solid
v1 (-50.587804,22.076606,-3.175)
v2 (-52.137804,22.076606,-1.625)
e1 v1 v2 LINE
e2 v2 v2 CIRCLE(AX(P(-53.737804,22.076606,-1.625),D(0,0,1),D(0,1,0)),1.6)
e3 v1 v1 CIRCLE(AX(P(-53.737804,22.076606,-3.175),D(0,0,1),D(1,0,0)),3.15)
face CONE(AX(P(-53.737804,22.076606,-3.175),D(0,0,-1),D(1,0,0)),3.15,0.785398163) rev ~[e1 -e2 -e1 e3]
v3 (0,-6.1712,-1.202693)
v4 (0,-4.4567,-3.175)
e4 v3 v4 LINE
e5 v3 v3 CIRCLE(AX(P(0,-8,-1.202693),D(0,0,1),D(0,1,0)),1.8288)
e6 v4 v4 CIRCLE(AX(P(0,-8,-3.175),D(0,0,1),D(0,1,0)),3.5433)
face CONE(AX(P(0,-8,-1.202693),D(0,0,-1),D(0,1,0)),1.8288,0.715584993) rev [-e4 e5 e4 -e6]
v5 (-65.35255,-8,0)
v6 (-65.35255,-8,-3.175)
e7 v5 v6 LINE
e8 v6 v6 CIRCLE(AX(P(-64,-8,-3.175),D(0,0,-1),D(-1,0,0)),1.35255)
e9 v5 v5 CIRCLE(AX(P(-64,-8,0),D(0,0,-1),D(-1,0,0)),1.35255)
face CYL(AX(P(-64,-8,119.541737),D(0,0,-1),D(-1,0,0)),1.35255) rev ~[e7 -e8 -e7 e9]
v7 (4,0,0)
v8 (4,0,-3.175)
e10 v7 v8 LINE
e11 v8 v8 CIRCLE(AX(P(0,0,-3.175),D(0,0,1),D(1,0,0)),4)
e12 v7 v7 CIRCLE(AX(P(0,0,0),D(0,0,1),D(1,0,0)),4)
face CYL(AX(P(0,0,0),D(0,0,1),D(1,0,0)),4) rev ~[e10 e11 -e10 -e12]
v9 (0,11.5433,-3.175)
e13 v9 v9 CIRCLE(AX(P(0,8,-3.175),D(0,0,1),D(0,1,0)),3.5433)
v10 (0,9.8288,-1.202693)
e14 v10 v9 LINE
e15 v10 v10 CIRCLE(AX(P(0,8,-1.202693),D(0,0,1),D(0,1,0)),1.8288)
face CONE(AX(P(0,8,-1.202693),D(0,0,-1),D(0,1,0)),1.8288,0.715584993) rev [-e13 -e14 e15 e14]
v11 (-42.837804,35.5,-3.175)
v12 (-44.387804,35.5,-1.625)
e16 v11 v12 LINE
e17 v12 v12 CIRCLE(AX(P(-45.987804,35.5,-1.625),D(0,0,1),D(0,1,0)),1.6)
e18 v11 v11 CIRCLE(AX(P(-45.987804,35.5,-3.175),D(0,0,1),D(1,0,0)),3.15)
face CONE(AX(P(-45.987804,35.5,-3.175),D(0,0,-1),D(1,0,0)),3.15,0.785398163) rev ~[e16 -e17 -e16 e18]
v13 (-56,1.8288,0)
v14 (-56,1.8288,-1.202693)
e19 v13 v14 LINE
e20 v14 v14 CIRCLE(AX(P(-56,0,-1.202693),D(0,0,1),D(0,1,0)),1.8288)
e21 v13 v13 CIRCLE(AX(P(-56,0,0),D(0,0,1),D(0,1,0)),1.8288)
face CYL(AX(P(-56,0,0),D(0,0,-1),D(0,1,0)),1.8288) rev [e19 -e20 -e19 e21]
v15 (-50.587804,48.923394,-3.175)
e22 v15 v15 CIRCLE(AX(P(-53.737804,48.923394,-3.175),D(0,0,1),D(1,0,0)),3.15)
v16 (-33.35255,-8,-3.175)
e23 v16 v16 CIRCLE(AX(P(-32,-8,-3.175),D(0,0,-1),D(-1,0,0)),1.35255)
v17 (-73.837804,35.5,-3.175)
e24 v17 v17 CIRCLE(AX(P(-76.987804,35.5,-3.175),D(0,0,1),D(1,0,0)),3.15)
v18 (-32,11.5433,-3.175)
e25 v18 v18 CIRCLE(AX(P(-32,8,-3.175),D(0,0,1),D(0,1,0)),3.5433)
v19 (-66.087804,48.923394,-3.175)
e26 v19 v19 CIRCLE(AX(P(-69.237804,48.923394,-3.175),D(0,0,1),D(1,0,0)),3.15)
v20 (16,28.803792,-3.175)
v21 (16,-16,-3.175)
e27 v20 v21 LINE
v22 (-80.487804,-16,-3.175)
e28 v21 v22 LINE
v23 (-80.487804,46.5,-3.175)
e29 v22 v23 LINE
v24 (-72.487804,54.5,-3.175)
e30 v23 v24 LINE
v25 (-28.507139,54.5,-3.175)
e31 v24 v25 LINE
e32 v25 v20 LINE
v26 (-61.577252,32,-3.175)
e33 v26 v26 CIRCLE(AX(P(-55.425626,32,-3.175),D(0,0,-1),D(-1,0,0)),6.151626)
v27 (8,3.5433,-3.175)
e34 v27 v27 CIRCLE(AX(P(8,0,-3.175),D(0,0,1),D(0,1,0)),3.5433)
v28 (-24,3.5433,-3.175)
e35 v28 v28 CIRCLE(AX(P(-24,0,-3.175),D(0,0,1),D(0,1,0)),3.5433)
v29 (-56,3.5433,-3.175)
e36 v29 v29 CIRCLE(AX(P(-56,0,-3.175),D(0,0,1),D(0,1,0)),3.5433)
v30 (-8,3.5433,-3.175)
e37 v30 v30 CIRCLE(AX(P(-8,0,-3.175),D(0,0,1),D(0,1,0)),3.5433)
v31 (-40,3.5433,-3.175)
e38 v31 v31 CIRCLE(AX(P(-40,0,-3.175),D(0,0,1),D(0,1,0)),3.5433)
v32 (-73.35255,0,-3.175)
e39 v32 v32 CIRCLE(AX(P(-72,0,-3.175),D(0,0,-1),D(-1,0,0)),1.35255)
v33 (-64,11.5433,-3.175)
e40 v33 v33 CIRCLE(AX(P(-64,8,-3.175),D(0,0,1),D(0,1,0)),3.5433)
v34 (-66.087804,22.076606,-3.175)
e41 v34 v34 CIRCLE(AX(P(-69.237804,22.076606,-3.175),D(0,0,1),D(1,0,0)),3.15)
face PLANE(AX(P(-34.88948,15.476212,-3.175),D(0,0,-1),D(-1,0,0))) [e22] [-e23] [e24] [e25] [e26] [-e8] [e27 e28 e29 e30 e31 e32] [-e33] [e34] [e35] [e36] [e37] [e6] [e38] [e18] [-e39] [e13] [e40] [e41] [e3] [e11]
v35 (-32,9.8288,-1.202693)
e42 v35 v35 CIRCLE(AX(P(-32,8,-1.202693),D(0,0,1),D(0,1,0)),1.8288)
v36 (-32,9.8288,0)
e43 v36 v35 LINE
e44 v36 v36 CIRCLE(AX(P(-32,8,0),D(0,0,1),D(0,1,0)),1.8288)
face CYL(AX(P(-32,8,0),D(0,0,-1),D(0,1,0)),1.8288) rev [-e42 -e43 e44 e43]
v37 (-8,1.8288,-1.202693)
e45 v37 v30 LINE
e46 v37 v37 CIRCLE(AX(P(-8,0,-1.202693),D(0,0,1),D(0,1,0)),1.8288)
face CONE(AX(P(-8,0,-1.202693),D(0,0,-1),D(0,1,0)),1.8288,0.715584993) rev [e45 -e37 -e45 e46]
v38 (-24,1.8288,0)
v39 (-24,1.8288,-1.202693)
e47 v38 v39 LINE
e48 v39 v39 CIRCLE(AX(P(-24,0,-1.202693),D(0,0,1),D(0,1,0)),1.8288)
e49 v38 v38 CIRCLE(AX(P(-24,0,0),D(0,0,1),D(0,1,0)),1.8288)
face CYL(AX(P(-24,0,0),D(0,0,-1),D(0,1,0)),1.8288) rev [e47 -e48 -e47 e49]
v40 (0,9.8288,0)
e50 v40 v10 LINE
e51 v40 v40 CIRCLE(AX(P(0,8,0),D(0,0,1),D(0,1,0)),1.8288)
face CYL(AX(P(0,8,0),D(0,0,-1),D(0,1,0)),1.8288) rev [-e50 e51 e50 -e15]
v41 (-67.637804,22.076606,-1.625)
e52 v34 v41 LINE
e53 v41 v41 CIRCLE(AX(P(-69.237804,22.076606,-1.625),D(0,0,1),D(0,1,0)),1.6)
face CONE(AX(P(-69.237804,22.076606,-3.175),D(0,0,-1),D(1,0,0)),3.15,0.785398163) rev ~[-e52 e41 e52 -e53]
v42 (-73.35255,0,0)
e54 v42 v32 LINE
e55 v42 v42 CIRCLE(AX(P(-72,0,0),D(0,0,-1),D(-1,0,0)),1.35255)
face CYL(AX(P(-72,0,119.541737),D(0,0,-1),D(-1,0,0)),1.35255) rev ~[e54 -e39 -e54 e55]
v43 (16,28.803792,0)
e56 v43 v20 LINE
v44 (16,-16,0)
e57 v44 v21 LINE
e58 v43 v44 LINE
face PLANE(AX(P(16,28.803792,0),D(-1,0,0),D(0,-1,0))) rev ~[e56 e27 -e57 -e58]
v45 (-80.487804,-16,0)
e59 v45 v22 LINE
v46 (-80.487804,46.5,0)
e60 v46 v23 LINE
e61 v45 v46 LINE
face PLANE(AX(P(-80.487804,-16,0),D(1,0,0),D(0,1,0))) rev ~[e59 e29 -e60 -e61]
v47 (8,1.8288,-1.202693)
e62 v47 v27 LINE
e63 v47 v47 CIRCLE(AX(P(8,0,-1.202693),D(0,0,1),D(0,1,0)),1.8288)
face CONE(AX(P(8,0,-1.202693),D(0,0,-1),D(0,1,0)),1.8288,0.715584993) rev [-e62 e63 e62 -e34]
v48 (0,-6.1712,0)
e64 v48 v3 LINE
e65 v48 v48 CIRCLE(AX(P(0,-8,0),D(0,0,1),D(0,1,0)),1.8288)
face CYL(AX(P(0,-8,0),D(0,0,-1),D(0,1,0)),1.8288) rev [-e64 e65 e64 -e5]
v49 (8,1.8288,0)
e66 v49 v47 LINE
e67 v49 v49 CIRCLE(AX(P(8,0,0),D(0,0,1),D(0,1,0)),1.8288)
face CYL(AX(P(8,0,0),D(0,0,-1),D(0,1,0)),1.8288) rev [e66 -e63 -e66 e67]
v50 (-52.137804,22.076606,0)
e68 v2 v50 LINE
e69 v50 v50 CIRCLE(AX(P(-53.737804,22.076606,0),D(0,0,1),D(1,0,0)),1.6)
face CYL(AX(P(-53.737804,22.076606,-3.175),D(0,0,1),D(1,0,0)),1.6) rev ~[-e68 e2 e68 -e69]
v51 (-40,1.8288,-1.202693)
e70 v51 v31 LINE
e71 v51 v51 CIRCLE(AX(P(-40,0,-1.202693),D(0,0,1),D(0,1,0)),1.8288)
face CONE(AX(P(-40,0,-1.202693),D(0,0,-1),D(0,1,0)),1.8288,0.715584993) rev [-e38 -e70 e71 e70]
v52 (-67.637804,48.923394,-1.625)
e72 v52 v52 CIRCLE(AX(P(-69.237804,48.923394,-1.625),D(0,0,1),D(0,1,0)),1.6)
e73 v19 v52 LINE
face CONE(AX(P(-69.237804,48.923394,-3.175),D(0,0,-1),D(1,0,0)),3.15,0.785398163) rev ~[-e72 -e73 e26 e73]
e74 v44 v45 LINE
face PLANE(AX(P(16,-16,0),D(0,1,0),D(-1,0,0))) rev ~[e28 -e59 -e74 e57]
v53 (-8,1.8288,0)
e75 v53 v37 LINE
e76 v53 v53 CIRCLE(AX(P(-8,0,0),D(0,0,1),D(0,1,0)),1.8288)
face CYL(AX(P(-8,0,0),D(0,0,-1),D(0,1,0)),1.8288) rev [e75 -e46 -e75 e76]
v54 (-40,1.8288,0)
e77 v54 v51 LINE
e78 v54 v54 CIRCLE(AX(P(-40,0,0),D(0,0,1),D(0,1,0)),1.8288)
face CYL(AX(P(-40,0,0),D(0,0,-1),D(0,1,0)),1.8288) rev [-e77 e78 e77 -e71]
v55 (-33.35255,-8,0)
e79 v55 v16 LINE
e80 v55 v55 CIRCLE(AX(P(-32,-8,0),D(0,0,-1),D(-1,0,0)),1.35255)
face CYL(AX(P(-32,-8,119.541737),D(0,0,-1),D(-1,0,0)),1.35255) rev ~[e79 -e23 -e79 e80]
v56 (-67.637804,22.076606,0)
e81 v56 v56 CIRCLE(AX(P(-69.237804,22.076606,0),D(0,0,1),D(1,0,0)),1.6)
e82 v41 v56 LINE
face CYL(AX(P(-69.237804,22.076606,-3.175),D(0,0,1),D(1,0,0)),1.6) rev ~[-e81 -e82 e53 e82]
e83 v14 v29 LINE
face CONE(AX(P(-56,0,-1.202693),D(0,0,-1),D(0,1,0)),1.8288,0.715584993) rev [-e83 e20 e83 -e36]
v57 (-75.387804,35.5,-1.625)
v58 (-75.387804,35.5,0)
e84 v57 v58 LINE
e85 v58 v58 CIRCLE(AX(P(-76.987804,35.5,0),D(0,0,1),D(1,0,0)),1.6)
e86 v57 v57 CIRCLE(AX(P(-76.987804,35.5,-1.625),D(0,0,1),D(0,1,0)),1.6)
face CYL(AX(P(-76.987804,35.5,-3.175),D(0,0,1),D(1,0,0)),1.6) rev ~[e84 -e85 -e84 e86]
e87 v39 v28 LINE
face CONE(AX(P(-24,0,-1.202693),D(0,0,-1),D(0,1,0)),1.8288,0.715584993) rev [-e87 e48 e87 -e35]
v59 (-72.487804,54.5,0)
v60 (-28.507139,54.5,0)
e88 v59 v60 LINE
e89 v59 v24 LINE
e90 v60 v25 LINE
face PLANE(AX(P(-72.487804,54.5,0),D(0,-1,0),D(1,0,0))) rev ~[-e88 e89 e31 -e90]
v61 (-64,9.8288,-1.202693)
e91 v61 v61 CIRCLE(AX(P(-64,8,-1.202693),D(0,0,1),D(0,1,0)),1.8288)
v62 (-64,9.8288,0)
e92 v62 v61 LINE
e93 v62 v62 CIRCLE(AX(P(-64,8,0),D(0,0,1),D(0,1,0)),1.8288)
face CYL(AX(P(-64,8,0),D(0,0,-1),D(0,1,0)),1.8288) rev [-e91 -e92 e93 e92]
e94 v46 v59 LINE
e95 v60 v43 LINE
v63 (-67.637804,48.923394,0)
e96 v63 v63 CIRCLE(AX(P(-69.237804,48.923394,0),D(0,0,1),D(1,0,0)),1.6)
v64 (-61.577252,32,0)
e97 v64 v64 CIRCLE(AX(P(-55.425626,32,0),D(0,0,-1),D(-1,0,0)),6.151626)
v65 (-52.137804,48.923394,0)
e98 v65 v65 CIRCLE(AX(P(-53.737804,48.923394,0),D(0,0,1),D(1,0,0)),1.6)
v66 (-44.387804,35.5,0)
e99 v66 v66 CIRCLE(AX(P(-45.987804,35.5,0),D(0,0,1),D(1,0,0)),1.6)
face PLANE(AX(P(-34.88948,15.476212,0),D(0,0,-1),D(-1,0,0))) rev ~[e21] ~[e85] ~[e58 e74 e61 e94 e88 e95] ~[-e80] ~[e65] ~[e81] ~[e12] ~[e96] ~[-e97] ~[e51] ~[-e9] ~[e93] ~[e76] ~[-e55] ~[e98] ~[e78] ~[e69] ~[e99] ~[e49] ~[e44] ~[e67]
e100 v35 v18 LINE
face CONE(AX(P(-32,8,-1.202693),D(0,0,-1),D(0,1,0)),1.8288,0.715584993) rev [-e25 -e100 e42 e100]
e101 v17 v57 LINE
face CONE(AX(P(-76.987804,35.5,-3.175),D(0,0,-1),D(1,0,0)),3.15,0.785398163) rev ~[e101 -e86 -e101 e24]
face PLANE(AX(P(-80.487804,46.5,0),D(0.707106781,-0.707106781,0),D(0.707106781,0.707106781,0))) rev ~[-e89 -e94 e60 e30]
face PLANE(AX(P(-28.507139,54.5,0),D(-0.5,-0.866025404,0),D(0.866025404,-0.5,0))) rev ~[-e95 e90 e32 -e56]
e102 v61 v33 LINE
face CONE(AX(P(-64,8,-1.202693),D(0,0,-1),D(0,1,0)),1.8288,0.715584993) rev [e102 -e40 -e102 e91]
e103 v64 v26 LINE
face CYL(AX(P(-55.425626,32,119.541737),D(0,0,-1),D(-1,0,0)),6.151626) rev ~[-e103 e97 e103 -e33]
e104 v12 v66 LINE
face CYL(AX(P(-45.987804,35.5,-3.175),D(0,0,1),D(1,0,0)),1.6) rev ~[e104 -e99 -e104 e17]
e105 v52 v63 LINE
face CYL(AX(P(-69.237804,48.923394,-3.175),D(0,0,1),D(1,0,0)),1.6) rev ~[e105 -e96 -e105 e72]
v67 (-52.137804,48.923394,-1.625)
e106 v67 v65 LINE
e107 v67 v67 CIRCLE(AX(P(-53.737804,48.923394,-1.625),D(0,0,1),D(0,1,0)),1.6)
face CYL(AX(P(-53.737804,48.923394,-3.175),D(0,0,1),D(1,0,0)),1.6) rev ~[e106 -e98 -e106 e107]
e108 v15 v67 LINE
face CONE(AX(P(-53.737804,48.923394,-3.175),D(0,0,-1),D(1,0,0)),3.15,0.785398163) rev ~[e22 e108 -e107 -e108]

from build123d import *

# Parameters (mm, degrees)
SKETCH1_R                                       = 4
BOSS_EXTRUDE1_DEPTH                             = 3.175
F_31_64_0_48438_DIAMETER_HOLE1_D                = 12.303252
F_6_32_TAPPED_HOLE1_D                           = 2.7051
CSK_FOR_M3_FLAT_HEAD_MACHINE_SCREW2_D           = 3.2
CSK_FOR_M3_FLAT_HEAD_MACHINE_SCREW2_CSINK_D     = 6.3
CSK_FOR_M3_FLAT_HEAD_MACHINE_SCREW2_CSINK_ANGLE = 90
CSK_FOR_6_FLAT_HEAD_MACHINE_SCREW3_AT_2_COUNT   = 2
CSK_FOR_6_FLAT_HEAD_MACHINE_SCREW3_AT_2_PITCH   = 11.313708499
CSK_FOR_6_FLAT_HEAD_MACHINE_SCREW3_AT_3_COUNT   = 2
CSK_FOR_6_FLAT_HEAD_MACHINE_SCREW3_AT_3_PITCH   = 11.313708499
CSK_FOR_6_FLAT_HEAD_MACHINE_SCREW3_AT_4_COUNT   = 2
CSK_FOR_6_FLAT_HEAD_MACHINE_SCREW3_AT_4_PITCH   = 16
CSK_FOR_6_FLAT_HEAD_MACHINE_SCREW3_AT_5_COUNT   = 2
CSK_FOR_6_FLAT_HEAD_MACHINE_SCREW3_AT_5_PITCH   = 25.298221281
CSK_FOR_6_FLAT_HEAD_MACHINE_SCREW3_AT_6_COUNT   = 2
CSK_FOR_6_FLAT_HEAD_MACHINE_SCREW3_AT_6_PITCH   = 32
CSK_FOR_6_FLAT_HEAD_MACHINE_SCREW3_AT_7_COUNT   = 2
CSK_FOR_6_FLAT_HEAD_MACHINE_SCREW3_AT_7_PITCH   = 40.792156109
CSK_FOR_6_FLAT_HEAD_MACHINE_SCREW3_AT_8_COUNT   = 2
CSK_FOR_6_FLAT_HEAD_MACHINE_SCREW3_AT_8_PITCH   = 56.568542495
CSK_FOR_6_FLAT_HEAD_MACHINE_SCREW3_AT_9_COUNT   = 2
CSK_FOR_6_FLAT_HEAD_MACHINE_SCREW3_AT_9_PITCH   = 64


with BuildPart() as part:
    # Sketch1 → Boss-Extrude1 (new body)
    with BuildSketch(Plane.XY):
        Polygon((16, -16), (-80.487803669, -16), (-80.487803669, 46.5), (-72.487803669, 54.5), (-28.507138544, 54.5), (16, 28.803791581), align=None)
        Circle(SKETCH1_R, mode=Mode.SUBTRACT)
    extrude(amount=-BOSS_EXTRUDE1_DEPTH)

    # 31_64 _0.48438_ Diameter Hole1 (through all)
    with Locations(Plane.XY):
        with Locations((-55.425625842, 32)):
            Hole(F_31_64_0_48438_DIAMETER_HOLE1_D / 2)

    # 6-32 Tapped Hole1 (through all)
    with Locations(Plane.XY):
        with Locations((-72, 0), (-32, -8), (-64, -8)):
            Hole(F_6_32_TAPPED_HOLE1_D / 2)

    # CSK for M3 Flat Head Machine Screw2 (through all)
    with Locations(Plane(origin=(0, 0, -3.175), x_dir=(-1, 0, 0), z_dir=(0, 0, -1))):
        with Locations((69.237803669, 48.923393759), (53.737803669, 48.923393759), (45.987803669, 35.5), (53.737803669, 22.076606241), (69.237803669, 22.076606241), (76.987803669, 35.5)):
            CounterSinkHole(CSK_FOR_M3_FLAT_HEAD_MACHINE_SCREW2_D / 2, CSK_FOR_M3_FLAT_HEAD_MACHINE_SCREW2_CSINK_D / 2, counter_sink_angle=CSK_FOR_M3_FLAT_HEAD_MACHINE_SCREW2_CSINK_ANGLE)

    # Sketch17 → CSK for _6 Flat Head Machine Screw3 (revolve, cut)
    with BuildSketch(Plane(origin=(0, 8, -3.175), x_dir=(0, 1, 0), z_dir=(1, 0, 0))):
        Polygon((0, 0), (0, 3.175), (1.8288, 3.175), (1.8288, 1.972306634), (3.5433, 0), align=None)
    csk_for_6_flat_head_machine_screw3 = revolve(axis=Axis((0, 8, -9.525), (0, 0, 1)), mode=Mode.SUBTRACT)

    # CSK for _6 Flat Head Machine Screw3 at 2: CSK for _6 Flat Head Machine Screw3 ×2
    with Locations(*[Vector(0.707106781, -0.707106781, 0) * (i * CSK_FOR_6_FLAT_HEAD_MACHINE_SCREW3_AT_2_PITCH) for i in range(1, CSK_FOR_6_FLAT_HEAD_MACHINE_SCREW3_AT_2_COUNT)]):
        add(csk_for_6_flat_head_machine_screw3, mode=Mode.SUBTRACT)

    # CSK for _6 Flat Head Machine Screw3 at 3: CSK for _6 Flat Head Machine Screw3 ×2
    with Locations(*[Vector(-0.707106781, -0.707106781, 0) * (i * CSK_FOR_6_FLAT_HEAD_MACHINE_SCREW3_AT_3_PITCH) for i in range(1, CSK_FOR_6_FLAT_HEAD_MACHINE_SCREW3_AT_3_COUNT)]):
        add(csk_for_6_flat_head_machine_screw3, mode=Mode.SUBTRACT)

    # CSK for _6 Flat Head Machine Screw3 at 4: CSK for _6 Flat Head Machine Screw3 ×2
    with Locations(*[(0, -i * CSK_FOR_6_FLAT_HEAD_MACHINE_SCREW3_AT_4_PITCH, 0) for i in range(1, CSK_FOR_6_FLAT_HEAD_MACHINE_SCREW3_AT_4_COUNT)]):
        add(csk_for_6_flat_head_machine_screw3, mode=Mode.SUBTRACT)

    # CSK for _6 Flat Head Machine Screw3 at 5: CSK for _6 Flat Head Machine Screw3 ×2
    with Locations(*[Vector(-0.948683298, -0.316227766, 0) * (i * CSK_FOR_6_FLAT_HEAD_MACHINE_SCREW3_AT_5_PITCH) for i in range(1, CSK_FOR_6_FLAT_HEAD_MACHINE_SCREW3_AT_5_COUNT)]):
        add(csk_for_6_flat_head_machine_screw3, mode=Mode.SUBTRACT)

    # CSK for _6 Flat Head Machine Screw3 at 6: CSK for _6 Flat Head Machine Screw3 ×2
    with Locations(*[(-i * CSK_FOR_6_FLAT_HEAD_MACHINE_SCREW3_AT_6_PITCH, 0, 0) for i in range(1, CSK_FOR_6_FLAT_HEAD_MACHINE_SCREW3_AT_6_COUNT)]):
        add(csk_for_6_flat_head_machine_screw3, mode=Mode.SUBTRACT)

    # CSK for _6 Flat Head Machine Screw3 at 7: CSK for _6 Flat Head Machine Screw3 ×2
    with Locations(*[Vector(-0.980580676, -0.196116135, 0) * (i * CSK_FOR_6_FLAT_HEAD_MACHINE_SCREW3_AT_7_PITCH) for i in range(1, CSK_FOR_6_FLAT_HEAD_MACHINE_SCREW3_AT_7_COUNT)]):
        add(csk_for_6_flat_head_machine_screw3, mode=Mode.SUBTRACT)

    # CSK for _6 Flat Head Machine Screw3 at 8: CSK for _6 Flat Head Machine Screw3 ×2
    with Locations(*[Vector(-0.989949494, -0.141421356, 0) * (i * CSK_FOR_6_FLAT_HEAD_MACHINE_SCREW3_AT_8_PITCH) for i in range(1, CSK_FOR_6_FLAT_HEAD_MACHINE_SCREW3_AT_8_COUNT)]):
        add(csk_for_6_flat_head_machine_screw3, mode=Mode.SUBTRACT)

    # CSK for _6 Flat Head Machine Screw3 at 9: CSK for _6 Flat Head Machine Screw3 ×2
    with Locations(*[(-i * CSK_FOR_6_FLAT_HEAD_MACHINE_SCREW3_AT_9_PITCH, 0, 0) for i in range(1, CSK_FOR_6_FLAT_HEAD_MACHINE_SCREW3_AT_9_COUNT)]):
        add(csk_for_6_flat_head_machine_screw3, mode=Mode.SUBTRACT)


solid = part.part
